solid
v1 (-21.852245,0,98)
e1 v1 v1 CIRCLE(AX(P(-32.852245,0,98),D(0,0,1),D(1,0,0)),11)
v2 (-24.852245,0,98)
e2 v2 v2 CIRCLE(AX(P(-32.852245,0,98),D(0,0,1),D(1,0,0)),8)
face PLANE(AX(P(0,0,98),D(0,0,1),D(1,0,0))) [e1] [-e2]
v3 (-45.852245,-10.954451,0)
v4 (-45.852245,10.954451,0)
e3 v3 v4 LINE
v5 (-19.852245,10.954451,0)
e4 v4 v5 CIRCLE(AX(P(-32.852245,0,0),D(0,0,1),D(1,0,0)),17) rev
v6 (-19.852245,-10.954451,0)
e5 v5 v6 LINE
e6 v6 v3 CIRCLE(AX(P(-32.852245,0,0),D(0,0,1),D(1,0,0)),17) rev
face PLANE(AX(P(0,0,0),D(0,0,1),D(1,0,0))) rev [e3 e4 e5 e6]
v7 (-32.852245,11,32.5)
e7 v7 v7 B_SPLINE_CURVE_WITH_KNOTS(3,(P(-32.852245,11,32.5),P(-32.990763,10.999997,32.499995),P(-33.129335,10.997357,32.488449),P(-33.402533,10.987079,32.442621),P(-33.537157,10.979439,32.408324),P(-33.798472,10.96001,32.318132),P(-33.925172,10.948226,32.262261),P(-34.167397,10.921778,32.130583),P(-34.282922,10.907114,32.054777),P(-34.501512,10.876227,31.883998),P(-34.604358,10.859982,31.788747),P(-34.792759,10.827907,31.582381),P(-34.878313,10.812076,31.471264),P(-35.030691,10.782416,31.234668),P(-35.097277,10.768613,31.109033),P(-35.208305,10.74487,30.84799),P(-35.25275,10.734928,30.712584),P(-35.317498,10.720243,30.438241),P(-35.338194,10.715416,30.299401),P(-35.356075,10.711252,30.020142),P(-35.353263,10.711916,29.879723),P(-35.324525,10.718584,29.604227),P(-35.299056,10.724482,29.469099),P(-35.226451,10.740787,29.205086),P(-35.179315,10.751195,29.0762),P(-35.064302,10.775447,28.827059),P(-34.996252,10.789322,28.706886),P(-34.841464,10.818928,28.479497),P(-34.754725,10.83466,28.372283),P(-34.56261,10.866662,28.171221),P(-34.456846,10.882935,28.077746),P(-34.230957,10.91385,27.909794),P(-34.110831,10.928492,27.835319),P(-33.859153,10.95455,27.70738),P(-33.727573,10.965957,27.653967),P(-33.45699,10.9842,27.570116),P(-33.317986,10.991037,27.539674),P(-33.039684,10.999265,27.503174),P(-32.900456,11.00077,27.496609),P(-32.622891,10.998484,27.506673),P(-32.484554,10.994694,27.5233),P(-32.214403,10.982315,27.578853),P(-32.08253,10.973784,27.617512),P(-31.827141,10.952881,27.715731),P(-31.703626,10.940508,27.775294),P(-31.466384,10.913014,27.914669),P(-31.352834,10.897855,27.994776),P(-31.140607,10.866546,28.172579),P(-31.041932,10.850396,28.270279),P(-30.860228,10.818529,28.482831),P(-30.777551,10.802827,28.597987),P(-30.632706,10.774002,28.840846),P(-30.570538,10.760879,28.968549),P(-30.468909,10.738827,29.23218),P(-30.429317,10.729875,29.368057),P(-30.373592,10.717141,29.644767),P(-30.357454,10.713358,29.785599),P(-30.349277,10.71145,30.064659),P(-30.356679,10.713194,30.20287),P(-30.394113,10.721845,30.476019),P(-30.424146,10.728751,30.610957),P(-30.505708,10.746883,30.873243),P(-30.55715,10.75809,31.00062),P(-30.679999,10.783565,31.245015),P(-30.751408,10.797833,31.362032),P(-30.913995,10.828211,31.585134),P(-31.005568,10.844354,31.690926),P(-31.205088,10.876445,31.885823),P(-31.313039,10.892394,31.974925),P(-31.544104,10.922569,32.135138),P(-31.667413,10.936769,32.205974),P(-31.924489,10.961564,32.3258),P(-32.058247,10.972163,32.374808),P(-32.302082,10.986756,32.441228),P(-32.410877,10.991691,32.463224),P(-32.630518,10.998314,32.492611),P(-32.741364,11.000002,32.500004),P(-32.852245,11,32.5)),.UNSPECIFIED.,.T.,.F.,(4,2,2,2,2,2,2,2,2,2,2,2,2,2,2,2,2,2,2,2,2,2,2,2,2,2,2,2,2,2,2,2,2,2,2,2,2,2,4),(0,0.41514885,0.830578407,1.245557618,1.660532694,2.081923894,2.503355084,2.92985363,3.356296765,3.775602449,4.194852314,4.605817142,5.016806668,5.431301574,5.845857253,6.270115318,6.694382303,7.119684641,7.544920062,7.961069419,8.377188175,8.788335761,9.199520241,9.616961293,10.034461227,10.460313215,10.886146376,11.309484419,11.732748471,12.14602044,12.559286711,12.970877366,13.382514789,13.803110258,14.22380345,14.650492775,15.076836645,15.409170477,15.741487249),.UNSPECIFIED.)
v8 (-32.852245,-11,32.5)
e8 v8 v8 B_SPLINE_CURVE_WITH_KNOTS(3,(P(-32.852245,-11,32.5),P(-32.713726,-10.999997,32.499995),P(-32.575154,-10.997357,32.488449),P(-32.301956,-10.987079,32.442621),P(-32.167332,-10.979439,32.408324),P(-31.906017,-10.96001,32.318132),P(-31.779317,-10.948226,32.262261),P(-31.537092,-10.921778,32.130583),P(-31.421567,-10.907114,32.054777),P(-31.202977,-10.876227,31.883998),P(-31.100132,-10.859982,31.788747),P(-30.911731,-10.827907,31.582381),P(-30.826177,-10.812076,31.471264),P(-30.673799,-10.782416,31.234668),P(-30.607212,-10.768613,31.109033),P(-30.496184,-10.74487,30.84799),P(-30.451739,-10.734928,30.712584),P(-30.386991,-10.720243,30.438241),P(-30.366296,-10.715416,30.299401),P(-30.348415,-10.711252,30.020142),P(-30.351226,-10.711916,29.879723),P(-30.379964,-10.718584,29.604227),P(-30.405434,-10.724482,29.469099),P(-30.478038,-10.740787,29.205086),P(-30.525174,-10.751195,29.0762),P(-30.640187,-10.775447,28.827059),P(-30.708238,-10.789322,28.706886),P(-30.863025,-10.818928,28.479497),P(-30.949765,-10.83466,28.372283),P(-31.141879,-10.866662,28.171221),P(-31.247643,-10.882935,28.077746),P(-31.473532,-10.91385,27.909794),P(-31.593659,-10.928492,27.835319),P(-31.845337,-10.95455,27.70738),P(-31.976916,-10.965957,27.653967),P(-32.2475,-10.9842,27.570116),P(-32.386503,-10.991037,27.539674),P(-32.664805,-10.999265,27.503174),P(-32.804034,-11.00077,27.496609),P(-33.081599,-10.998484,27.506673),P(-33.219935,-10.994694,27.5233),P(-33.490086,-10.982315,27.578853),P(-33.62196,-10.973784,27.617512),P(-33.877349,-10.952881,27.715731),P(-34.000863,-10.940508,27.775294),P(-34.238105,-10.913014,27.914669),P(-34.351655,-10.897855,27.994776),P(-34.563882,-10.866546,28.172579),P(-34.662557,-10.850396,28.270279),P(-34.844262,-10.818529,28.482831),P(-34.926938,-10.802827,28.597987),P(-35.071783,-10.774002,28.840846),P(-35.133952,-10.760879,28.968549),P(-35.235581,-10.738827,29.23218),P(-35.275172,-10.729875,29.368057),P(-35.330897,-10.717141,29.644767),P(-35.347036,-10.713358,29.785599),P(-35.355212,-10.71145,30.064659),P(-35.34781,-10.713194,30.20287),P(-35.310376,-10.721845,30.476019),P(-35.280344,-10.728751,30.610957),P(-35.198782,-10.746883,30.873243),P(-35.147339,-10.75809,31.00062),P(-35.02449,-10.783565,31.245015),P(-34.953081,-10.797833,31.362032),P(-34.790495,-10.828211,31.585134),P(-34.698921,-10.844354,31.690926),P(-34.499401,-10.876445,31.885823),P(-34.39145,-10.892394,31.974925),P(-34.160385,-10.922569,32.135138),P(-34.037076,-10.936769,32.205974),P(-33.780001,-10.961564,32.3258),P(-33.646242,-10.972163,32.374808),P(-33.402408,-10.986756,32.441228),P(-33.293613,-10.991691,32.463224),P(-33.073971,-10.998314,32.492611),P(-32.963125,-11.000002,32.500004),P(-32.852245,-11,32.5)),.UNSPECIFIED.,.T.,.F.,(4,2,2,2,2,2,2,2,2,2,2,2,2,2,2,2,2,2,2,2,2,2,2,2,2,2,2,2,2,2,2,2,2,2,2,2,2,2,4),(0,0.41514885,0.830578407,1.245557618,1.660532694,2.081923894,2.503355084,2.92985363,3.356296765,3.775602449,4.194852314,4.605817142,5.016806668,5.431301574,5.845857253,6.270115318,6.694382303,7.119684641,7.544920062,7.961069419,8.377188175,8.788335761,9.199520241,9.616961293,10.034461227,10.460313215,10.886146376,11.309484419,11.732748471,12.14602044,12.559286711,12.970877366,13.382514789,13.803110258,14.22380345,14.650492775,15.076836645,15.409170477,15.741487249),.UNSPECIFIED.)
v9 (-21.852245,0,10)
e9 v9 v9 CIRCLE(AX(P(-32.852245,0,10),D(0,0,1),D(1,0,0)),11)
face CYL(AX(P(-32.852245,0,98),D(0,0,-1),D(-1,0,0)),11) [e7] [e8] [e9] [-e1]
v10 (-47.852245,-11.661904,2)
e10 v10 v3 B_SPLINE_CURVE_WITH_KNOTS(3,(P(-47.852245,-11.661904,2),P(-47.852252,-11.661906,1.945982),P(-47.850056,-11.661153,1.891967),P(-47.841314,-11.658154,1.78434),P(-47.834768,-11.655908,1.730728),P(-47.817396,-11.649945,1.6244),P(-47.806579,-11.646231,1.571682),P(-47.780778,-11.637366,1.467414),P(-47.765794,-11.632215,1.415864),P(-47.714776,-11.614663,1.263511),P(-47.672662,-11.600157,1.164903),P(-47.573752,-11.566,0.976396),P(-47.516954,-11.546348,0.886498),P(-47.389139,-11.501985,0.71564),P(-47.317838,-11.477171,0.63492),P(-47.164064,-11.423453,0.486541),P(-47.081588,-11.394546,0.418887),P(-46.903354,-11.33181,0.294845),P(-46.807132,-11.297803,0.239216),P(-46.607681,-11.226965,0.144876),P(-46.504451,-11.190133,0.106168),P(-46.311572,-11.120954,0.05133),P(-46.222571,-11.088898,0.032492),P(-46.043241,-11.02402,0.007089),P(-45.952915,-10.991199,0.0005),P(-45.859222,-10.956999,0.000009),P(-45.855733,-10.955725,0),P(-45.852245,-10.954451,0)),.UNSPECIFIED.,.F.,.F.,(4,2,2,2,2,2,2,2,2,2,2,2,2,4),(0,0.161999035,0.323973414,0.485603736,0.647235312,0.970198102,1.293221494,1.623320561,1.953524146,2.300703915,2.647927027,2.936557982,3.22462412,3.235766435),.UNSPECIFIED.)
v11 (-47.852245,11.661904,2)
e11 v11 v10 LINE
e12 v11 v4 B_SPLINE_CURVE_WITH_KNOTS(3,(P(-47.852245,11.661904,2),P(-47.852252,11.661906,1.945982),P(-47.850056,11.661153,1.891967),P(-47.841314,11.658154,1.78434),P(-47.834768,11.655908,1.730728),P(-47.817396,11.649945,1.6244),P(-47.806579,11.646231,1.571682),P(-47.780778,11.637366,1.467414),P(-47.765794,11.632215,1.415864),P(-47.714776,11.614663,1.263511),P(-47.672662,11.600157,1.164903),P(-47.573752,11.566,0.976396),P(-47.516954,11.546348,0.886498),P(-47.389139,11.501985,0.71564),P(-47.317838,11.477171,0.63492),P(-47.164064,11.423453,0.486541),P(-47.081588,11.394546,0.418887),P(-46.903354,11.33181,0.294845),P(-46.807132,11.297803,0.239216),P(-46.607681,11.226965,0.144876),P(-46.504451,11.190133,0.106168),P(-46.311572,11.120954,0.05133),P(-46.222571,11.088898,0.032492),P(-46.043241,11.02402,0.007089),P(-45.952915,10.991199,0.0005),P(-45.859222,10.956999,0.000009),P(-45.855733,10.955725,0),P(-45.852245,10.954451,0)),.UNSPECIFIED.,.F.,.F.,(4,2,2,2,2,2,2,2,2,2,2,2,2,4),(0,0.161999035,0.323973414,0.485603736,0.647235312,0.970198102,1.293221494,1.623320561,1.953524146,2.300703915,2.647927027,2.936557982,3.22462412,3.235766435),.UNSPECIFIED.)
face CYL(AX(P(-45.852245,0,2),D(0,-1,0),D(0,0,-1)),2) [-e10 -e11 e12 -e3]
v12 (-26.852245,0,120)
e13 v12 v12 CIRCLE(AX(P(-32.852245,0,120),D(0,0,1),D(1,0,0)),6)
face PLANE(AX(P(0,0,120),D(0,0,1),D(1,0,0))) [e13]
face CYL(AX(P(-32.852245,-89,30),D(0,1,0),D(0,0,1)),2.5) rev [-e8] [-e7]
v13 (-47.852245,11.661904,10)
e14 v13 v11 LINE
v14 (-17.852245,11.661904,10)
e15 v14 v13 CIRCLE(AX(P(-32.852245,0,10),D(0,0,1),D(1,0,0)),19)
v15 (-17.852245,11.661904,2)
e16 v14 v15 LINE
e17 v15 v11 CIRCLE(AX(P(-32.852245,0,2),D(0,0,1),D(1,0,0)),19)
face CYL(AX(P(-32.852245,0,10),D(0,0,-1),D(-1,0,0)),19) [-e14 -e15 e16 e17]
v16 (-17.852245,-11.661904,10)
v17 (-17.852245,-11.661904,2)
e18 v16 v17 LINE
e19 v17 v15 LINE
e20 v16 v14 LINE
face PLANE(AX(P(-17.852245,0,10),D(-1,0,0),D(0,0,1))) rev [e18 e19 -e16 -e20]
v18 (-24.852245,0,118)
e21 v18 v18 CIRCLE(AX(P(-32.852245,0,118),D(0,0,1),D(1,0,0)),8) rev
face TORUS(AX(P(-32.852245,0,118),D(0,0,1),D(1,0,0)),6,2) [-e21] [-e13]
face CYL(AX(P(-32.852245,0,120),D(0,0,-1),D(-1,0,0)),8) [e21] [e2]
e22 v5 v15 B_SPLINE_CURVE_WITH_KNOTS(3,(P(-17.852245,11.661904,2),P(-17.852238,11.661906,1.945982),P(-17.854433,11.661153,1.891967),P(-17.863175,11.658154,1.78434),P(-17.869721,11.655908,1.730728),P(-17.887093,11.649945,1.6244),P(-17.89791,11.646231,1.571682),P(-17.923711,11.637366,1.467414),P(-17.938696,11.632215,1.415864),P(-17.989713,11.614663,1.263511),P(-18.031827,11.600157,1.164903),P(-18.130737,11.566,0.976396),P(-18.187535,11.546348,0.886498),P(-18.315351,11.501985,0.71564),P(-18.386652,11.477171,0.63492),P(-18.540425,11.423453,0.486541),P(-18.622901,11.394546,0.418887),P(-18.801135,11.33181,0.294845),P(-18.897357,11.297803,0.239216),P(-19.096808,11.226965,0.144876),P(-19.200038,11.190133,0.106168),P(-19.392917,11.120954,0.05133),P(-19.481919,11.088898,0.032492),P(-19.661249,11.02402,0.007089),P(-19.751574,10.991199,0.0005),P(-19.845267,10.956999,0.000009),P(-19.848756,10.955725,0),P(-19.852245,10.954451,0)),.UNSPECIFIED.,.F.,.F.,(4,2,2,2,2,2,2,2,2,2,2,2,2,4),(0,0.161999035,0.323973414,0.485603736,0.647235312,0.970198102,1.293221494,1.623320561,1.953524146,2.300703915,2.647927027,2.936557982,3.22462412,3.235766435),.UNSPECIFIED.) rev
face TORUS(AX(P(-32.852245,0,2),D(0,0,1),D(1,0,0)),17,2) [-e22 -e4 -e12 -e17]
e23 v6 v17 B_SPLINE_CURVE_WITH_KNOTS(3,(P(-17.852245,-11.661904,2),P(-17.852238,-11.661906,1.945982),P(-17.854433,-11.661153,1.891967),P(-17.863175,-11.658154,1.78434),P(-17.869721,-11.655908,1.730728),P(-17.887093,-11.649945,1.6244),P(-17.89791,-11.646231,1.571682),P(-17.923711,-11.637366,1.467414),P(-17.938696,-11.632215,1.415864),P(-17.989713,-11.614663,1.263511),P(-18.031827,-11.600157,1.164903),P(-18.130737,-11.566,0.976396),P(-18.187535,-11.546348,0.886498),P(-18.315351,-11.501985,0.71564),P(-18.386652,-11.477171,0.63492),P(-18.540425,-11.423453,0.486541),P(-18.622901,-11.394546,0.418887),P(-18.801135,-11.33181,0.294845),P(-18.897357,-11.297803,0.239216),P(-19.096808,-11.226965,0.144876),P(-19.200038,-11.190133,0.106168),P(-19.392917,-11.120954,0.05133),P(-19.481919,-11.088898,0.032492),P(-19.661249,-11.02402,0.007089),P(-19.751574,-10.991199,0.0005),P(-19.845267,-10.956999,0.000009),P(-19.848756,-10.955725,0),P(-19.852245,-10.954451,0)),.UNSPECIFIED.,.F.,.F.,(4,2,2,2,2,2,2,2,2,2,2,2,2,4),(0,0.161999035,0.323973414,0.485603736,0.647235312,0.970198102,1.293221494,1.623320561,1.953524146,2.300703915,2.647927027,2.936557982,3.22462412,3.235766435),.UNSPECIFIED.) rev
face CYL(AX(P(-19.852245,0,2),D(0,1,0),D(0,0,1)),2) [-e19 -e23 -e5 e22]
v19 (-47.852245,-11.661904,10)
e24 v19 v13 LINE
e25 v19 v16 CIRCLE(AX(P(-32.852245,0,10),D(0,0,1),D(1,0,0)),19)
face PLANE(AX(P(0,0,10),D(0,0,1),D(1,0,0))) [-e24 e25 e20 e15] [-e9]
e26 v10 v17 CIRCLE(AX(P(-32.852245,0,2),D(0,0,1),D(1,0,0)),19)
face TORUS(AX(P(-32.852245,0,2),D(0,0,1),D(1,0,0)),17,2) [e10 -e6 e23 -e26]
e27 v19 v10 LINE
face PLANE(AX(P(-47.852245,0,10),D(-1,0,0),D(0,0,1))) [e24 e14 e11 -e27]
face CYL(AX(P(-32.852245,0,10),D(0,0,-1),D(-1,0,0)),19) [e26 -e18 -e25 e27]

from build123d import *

# Parameters (mm, degrees)
SKETCH1_R           = 8
BOSS_EXTRUDE1_DEPTH = 120
SKETCH1_3_R         = 11
SKETCH1_3_R_2       = 8
BOSS_EXTRUDE2_DEPTH = 98
SKETCH1_4_R         = 11
BOSS_EXTRUDE3_DEPTH = 10
BOSS_EXTRUDE4_DEPTH = 10
FILLET5_R           = 2
FILLET6_R           = 2
CUT_EXTRUDE1_DEPTH  = 100


with BuildPart() as part:
    # Sketch1 → Boss-Extrude1 (new body)
    with BuildSketch(Plane.XY):
        with Locations((-32.852244642, 0)):
            Circle(SKETCH1_R)
    extrude(amount=BOSS_EXTRUDE1_DEPTH)

    # Sketch1<3> → Boss-Extrude2 (add)
    with BuildSketch(Plane.XY):
        with Locations((-32.852244642, 0)):
            Circle(SKETCH1_3_R)
        with Locations((-32.852244642, 0)):
            Circle(SKETCH1_3_R_2, mode=Mode.SUBTRACT)
    extrude(amount=BOSS_EXTRUDE2_DEPTH)

    # Sketch1<4> → Boss-Extrude3 (add)
    with BuildSketch(Plane.XY):
        with BuildLine():
            Line((-17.852244642, -9.949874371), (-17.852244642, 9.949874371))
            ThreePointArc((-17.852244642, 9.949874371), (-32.852244642, 18), (-47.852244642, 9.949874371))
            Line((-47.852244642, 9.949874371), (-47.852244642, -9.949874371))
            ThreePointArc((-47.852244642, -9.949874371), (-32.852244642, -18), (-17.852244642, -9.949874371))
        make_face()
        with Locations((-32.852244642, 0)):
            Circle(SKETCH1_4_R, mode=Mode.SUBTRACT)
    extrude(amount=BOSS_EXTRUDE3_DEPTH)

    # Sketch1<6> → Boss-Extrude4 (add)
    with BuildSketch(Plane.XY):
        with BuildLine():
            Line((-47.852244642, 11.66190379), (-47.852244642, 9.949874371))
            ThreePointArc((-47.852244642, 9.949874371), (-32.852244642, 18), (-17.852244642, 9.949874371))
            Line((-17.852244642, 9.949874371), (-17.852244642, 11.66190379))
            ThreePointArc((-17.852244642, 11.66190379), (-32.852244642, 19), (-47.852244642, 11.66190379))
        make_face()
        with BuildLine():
            ThreePointArc((-17.852244642, -9.949874371), (-32.852244642, -18), (-47.852244642, -9.949874371))
            Line((-47.852244642, -9.949874371), (-47.852244642, -11.66190379))
            ThreePointArc((-47.852244642, -11.66190379), (-32.852244642, -19), (-17.852244642, -11.66190379))
            Line((-17.852244642, -11.66190379), (-17.852244642, -9.949874371))
        make_face()
    extrude(amount=BOSS_EXTRUDE4_DEPTH)

    # Fillet5
    fillet5_edges = [part.edges().sort_by_distance(p)[0] for p in [
        (-32.852244642, -19, 0),
        (-17.852244642, 0, 0),
        (-32.852244642, 19, 0),
        (-47.852244642, 0, 0),
    ]]
    fillet(fillet5_edges, radius=FILLET5_R)

    # Fillet6
    fillet6_edges = [part.edges().sort_by_distance(p)[0] for p in [
        (-40.852244642, 0, 120),
    ]]
    fillet(fillet6_edges, radius=FILLET6_R)

    # Sketch2 → Cut-Extrude1 (cut)
    with BuildSketch(Plane(origin=(0, 11, 0), x_dir=(1, 0, 0), z_dir=(0, 1, 0))):
        with BuildLine():
            ThreePointArc((-32.852244642, -27.5), (-34.620011595, -31.767766953), (-30.352244642, -30))
            ThreePointArc((-30.352244642, -30), (-31.084477689, -28.232233047), (-32.852244642, -27.5))
        make_face()
    extrude(amount=-CUT_EXTRUDE1_DEPTH, mode=Mode.SUBTRACT)


solid = part.part
